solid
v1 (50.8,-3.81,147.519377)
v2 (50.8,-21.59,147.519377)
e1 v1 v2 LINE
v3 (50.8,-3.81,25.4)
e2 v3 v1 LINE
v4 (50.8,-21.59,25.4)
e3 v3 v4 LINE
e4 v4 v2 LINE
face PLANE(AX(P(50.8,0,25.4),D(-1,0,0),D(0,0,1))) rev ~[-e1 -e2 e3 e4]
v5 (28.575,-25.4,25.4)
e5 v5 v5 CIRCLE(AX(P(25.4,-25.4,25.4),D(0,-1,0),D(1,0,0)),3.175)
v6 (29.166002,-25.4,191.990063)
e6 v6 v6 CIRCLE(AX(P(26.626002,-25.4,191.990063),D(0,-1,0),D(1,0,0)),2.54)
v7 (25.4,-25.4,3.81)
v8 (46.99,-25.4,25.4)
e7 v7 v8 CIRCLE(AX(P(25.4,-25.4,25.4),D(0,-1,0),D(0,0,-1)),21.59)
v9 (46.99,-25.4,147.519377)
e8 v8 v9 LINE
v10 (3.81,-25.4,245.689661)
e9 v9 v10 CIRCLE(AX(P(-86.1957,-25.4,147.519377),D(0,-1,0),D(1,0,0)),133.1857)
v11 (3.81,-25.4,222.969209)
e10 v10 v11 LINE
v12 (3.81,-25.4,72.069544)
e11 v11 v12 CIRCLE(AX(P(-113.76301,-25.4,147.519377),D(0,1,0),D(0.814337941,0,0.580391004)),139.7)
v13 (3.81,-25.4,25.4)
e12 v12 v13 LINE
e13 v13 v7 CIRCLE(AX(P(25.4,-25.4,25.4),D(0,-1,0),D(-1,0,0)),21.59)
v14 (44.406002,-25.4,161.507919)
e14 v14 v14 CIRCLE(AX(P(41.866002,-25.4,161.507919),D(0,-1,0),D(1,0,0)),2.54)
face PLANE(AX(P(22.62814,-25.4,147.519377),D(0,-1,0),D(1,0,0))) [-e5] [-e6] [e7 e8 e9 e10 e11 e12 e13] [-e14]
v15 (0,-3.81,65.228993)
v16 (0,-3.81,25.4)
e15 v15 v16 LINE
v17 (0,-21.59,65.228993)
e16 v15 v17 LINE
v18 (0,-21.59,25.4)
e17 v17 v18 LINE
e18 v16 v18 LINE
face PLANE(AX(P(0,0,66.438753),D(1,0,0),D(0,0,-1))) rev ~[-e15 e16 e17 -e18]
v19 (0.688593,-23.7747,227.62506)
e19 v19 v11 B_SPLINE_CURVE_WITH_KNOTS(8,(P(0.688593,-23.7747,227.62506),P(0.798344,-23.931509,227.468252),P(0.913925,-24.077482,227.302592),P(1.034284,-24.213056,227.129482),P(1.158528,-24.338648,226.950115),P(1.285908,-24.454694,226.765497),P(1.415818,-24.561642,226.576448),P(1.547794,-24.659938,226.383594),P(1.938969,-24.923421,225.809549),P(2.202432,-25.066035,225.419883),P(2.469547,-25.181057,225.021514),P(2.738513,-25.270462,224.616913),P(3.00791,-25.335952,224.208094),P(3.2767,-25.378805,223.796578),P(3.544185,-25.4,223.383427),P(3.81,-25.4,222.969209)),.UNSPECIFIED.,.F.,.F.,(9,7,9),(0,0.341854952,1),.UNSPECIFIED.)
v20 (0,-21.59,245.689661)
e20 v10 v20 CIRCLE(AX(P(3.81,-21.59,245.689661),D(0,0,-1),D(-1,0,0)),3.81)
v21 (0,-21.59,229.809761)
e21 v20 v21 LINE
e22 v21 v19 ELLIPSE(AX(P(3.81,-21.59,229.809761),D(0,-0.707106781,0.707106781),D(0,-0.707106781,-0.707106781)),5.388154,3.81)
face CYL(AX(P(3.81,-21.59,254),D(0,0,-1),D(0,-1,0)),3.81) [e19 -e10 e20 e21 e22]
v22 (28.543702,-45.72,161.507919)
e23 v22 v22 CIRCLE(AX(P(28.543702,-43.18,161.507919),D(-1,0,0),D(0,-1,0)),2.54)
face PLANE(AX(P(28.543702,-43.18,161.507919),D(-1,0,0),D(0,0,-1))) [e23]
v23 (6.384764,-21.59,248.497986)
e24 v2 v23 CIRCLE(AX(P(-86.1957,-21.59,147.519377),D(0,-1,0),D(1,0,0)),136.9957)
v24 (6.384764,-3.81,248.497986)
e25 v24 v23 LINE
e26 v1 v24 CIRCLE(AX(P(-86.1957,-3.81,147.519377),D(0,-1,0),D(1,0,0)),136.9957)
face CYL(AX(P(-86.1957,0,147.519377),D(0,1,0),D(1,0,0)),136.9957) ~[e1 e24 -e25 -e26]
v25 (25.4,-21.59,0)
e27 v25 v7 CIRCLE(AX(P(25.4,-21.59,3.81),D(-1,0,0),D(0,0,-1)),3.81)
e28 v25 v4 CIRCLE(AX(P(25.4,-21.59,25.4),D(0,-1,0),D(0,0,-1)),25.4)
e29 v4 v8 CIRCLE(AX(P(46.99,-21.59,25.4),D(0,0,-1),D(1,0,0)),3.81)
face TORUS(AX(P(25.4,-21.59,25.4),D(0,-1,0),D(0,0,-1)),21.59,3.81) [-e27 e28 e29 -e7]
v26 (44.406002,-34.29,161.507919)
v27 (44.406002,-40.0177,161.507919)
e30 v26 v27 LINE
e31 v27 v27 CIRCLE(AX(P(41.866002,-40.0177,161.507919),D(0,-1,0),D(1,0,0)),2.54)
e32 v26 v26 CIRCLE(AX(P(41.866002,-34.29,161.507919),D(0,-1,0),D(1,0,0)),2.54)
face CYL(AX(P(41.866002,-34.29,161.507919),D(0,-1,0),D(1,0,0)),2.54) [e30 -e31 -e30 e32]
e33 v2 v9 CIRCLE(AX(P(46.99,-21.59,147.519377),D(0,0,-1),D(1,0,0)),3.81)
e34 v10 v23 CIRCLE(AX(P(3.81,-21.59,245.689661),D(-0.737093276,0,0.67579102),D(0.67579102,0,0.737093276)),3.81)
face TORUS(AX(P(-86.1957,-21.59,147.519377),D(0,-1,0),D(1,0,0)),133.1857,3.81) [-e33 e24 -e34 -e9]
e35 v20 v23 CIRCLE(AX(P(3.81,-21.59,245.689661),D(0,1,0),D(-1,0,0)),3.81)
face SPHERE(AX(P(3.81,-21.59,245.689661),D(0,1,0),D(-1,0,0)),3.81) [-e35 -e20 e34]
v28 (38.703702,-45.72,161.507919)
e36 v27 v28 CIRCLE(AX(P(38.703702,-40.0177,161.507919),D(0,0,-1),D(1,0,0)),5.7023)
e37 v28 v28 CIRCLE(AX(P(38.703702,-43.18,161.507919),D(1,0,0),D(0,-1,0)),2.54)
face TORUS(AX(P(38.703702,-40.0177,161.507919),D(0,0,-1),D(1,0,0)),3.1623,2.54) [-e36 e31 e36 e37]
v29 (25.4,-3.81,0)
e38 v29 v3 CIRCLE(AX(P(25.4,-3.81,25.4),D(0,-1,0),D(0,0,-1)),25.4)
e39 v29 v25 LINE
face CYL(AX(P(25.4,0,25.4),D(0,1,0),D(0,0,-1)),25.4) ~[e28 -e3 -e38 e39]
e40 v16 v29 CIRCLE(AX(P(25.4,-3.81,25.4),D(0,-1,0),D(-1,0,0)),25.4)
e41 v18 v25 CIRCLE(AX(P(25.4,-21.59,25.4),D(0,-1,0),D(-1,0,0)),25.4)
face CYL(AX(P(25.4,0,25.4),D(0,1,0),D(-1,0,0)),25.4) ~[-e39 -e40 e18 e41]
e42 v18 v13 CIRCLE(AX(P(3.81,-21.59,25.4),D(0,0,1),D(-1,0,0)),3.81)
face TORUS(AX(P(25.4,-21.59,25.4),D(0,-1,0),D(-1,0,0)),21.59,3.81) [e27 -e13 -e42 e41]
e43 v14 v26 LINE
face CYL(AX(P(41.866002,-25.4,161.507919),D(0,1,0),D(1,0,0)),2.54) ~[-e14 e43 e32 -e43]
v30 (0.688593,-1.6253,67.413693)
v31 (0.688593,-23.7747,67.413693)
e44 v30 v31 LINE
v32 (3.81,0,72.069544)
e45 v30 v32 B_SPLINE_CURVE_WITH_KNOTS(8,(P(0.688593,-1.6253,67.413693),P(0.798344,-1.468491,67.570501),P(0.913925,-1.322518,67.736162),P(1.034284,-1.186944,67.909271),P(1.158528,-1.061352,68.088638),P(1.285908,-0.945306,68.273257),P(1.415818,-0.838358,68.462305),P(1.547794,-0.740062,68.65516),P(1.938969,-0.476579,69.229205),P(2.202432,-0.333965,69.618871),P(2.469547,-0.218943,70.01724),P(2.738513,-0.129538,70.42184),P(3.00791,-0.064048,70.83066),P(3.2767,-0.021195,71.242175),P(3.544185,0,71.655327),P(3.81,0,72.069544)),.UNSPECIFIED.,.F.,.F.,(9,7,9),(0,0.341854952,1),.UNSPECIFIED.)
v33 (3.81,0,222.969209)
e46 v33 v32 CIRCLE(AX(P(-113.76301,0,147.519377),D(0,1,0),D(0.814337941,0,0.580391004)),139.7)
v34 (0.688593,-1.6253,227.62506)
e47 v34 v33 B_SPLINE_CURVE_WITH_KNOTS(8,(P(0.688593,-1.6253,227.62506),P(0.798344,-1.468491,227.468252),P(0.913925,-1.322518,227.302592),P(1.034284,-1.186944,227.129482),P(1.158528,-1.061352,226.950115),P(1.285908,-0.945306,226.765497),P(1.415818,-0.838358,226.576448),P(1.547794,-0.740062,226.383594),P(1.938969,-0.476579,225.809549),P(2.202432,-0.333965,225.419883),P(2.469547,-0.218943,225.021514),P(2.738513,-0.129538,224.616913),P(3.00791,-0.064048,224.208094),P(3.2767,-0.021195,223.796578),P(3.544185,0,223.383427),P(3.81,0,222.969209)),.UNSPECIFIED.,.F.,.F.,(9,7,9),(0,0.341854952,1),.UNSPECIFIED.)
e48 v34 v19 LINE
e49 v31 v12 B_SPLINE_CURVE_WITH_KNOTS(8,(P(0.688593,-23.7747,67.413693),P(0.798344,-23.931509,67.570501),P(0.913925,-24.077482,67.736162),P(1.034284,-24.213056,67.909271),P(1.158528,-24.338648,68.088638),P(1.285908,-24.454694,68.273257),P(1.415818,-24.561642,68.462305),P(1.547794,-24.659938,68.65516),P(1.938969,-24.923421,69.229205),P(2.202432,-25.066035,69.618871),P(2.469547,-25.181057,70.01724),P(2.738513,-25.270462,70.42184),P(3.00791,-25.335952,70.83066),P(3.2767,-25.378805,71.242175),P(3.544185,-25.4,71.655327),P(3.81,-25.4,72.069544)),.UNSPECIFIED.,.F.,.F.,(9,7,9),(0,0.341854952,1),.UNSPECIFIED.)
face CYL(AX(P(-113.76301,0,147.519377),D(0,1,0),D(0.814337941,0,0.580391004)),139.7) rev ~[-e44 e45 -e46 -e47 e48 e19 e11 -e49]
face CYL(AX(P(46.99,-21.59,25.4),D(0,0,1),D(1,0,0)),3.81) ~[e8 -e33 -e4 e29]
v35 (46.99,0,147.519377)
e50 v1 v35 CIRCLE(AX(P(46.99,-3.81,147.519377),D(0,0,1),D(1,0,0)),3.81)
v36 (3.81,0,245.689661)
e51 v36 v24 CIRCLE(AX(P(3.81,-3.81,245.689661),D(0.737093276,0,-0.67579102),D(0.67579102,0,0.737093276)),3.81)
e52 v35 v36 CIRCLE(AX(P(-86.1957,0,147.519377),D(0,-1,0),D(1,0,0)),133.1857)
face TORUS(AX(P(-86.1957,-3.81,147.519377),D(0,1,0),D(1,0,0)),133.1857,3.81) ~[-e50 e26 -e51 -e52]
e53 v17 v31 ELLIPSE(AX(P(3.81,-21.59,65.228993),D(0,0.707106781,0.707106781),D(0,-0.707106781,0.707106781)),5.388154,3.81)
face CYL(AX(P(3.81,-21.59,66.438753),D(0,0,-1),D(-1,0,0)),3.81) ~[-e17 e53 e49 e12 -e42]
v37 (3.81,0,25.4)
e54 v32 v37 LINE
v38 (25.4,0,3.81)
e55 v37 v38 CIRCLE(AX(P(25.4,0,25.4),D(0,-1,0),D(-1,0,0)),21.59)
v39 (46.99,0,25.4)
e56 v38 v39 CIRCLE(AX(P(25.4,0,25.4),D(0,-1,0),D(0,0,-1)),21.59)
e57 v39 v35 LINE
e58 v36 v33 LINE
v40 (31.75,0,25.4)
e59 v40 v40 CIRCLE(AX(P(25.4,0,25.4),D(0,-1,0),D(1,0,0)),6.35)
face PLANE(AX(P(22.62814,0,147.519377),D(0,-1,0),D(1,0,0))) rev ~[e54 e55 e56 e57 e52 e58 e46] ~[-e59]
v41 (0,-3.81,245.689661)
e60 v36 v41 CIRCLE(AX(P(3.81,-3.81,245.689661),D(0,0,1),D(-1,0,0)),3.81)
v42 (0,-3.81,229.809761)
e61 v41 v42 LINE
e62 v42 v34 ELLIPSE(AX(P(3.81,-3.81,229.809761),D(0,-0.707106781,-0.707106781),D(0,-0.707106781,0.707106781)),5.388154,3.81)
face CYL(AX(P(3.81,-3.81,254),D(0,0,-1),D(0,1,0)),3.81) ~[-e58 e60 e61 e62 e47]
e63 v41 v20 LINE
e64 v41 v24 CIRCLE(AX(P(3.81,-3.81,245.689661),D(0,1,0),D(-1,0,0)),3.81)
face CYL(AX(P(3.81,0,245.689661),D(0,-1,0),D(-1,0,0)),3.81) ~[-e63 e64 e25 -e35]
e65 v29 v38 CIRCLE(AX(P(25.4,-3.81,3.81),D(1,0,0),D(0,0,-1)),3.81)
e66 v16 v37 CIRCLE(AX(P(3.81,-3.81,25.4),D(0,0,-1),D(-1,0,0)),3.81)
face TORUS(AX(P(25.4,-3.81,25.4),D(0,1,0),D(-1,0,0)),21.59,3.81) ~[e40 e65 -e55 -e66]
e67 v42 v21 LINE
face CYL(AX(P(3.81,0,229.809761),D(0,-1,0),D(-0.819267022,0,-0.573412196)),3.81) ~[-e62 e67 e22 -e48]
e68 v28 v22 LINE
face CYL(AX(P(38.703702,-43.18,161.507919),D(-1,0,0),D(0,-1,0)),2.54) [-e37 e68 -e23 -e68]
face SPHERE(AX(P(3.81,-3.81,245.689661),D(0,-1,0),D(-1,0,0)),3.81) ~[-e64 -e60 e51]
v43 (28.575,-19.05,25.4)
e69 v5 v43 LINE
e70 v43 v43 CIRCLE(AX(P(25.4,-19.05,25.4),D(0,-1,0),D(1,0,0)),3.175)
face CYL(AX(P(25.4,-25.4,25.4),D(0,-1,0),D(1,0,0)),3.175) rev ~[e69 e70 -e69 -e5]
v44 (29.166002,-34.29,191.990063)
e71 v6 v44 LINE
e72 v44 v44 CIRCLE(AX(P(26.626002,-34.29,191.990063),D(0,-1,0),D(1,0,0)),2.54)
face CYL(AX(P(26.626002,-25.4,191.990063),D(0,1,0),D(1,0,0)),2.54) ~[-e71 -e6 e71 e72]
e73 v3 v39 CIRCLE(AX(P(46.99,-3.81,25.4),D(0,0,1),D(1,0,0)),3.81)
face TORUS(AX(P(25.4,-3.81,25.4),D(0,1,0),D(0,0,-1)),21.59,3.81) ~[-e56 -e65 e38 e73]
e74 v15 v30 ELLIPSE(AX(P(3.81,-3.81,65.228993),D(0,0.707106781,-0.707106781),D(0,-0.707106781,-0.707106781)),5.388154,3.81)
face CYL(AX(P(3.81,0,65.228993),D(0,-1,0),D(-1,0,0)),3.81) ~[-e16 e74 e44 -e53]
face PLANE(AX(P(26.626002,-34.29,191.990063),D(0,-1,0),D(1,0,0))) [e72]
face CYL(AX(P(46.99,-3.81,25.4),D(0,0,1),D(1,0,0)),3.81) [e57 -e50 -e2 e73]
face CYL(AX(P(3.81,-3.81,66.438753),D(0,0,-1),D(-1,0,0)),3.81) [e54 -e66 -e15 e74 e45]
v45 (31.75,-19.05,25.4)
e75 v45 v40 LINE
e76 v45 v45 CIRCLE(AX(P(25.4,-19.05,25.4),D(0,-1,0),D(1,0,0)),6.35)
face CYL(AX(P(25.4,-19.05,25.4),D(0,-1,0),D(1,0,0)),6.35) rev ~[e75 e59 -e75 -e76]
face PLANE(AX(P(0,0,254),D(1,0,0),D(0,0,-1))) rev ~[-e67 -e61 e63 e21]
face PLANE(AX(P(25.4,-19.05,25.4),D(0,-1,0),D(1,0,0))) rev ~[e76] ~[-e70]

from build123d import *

# Parameters (mm, degrees)
F1_DEPTH  = 25.4
F2_R      = 3.175
F3_DEPTH  = 6.35
F4_R      = 3.81
F5_R      = 2.54
F6_DEPTH  = 8.89
F8_R      = 2.54
F11_R     = 6.35
F12_DEPTH = 25.4


with BuildPart() as f1:
    # F0 (on Front) → F1 (new body)
    with BuildSketch(Plane.XZ):
        with BuildLine():
            Line((0, 66.4387534539), (0, 41.0387534539))
            ThreePointArc((0, 41.0387534539), (37.4494820277, 88.5304728284), (50.8, 147.5193767269))
            ThreePointArc((50.8, 147.5193767269), (37.4494820277, 206.5082806255), (0, 254))
            Line((0, 254), (0, 228.6))
            ThreePointArc((0, 228.6), (25.9369896247, 147.5193767269), (0, 66.4387534539))
        make_face()
        with BuildLine():
            ThreePointArc((0, 25.4), (7.4394877579, 7.4394877579), (25.4, 0))
            ThreePointArc((25.4, 0), (43.3605122421, 7.4394877579), (50.8, 25.4))
            Line((50.8, 25.4), (50.8, 147.5193767269))
            ThreePointArc((50.8, 147.5193767269), (37.4494820277, 88.5304728284), (0, 41.0387534539))
            Line((0, 41.0387534539), (0, 25.4))
        make_face()
    extrude(amount=F1_DEPTH)

    # F2 (on face) → F3 (cut)
    with BuildSketch(Plane.XZ.offset(25.4)):
        with Locations((25.4, 25.4)):
            Circle(F2_R)
    extrude(amount=-F3_DEPTH, mode=Mode.SUBTRACT)

    # F4
    f4_edges = [f1.edges().sort_by_distance(p)[0] for p in [
        (0, -12.7, 254),
        (0, -12.7, 228.6),
        (0, 0, 241.3),
        (0, -25.4, 241.3),
        (0, -12.7, 66.438753),
        (0, -12.7, 25.4),
        (0, 0, 45.919377),
        (0, -25.4, 45.919377),
    ]]
    fillet(f4_edges, radius=F4_R)

    # F5 (on face) → F6 (join)
    with BuildSketch(Plane.XZ.offset(25.4)):
        with Locations((26.6260020435, 191.9900625944)):
            Circle(F5_R)
        with Locations((41.8660020435, 161.5079194307)):
            Circle(F5_R)
    extrude(amount=F6_DEPTH)

    # F10: sweep along a path in F9
    with BuildLine(Plane.XY.offset(161.507932)) as f10_path:
        Line((41.8660020435, -34.29), (41.8660020435, -40.0177))
        ThreePointArc((41.8660020435, -40.0177), (40.9397858176, -42.2537837741), (38.7037020435, -43.18))
        Line((38.7037020435, -43.18), (28.5437020435, -43.18))
    # F8 (on face) → F10 (sweep)
    with BuildSketch(Plane.XZ.offset(34.29)):
        with Locations((41.8660020435, 161.5079194307)):
            Circle(F8_R)
    sweep(path=f10_path.line)

    # F11 (on face) → F12 (cut)
    with BuildSketch(Plane.XZ.offset(19.05)):
        with Locations((25.4, 25.4)):
            Circle(F11_R)
    extrude(amount=-F12_DEPTH, mode=Mode.SUBTRACT)


solid = f1.part
